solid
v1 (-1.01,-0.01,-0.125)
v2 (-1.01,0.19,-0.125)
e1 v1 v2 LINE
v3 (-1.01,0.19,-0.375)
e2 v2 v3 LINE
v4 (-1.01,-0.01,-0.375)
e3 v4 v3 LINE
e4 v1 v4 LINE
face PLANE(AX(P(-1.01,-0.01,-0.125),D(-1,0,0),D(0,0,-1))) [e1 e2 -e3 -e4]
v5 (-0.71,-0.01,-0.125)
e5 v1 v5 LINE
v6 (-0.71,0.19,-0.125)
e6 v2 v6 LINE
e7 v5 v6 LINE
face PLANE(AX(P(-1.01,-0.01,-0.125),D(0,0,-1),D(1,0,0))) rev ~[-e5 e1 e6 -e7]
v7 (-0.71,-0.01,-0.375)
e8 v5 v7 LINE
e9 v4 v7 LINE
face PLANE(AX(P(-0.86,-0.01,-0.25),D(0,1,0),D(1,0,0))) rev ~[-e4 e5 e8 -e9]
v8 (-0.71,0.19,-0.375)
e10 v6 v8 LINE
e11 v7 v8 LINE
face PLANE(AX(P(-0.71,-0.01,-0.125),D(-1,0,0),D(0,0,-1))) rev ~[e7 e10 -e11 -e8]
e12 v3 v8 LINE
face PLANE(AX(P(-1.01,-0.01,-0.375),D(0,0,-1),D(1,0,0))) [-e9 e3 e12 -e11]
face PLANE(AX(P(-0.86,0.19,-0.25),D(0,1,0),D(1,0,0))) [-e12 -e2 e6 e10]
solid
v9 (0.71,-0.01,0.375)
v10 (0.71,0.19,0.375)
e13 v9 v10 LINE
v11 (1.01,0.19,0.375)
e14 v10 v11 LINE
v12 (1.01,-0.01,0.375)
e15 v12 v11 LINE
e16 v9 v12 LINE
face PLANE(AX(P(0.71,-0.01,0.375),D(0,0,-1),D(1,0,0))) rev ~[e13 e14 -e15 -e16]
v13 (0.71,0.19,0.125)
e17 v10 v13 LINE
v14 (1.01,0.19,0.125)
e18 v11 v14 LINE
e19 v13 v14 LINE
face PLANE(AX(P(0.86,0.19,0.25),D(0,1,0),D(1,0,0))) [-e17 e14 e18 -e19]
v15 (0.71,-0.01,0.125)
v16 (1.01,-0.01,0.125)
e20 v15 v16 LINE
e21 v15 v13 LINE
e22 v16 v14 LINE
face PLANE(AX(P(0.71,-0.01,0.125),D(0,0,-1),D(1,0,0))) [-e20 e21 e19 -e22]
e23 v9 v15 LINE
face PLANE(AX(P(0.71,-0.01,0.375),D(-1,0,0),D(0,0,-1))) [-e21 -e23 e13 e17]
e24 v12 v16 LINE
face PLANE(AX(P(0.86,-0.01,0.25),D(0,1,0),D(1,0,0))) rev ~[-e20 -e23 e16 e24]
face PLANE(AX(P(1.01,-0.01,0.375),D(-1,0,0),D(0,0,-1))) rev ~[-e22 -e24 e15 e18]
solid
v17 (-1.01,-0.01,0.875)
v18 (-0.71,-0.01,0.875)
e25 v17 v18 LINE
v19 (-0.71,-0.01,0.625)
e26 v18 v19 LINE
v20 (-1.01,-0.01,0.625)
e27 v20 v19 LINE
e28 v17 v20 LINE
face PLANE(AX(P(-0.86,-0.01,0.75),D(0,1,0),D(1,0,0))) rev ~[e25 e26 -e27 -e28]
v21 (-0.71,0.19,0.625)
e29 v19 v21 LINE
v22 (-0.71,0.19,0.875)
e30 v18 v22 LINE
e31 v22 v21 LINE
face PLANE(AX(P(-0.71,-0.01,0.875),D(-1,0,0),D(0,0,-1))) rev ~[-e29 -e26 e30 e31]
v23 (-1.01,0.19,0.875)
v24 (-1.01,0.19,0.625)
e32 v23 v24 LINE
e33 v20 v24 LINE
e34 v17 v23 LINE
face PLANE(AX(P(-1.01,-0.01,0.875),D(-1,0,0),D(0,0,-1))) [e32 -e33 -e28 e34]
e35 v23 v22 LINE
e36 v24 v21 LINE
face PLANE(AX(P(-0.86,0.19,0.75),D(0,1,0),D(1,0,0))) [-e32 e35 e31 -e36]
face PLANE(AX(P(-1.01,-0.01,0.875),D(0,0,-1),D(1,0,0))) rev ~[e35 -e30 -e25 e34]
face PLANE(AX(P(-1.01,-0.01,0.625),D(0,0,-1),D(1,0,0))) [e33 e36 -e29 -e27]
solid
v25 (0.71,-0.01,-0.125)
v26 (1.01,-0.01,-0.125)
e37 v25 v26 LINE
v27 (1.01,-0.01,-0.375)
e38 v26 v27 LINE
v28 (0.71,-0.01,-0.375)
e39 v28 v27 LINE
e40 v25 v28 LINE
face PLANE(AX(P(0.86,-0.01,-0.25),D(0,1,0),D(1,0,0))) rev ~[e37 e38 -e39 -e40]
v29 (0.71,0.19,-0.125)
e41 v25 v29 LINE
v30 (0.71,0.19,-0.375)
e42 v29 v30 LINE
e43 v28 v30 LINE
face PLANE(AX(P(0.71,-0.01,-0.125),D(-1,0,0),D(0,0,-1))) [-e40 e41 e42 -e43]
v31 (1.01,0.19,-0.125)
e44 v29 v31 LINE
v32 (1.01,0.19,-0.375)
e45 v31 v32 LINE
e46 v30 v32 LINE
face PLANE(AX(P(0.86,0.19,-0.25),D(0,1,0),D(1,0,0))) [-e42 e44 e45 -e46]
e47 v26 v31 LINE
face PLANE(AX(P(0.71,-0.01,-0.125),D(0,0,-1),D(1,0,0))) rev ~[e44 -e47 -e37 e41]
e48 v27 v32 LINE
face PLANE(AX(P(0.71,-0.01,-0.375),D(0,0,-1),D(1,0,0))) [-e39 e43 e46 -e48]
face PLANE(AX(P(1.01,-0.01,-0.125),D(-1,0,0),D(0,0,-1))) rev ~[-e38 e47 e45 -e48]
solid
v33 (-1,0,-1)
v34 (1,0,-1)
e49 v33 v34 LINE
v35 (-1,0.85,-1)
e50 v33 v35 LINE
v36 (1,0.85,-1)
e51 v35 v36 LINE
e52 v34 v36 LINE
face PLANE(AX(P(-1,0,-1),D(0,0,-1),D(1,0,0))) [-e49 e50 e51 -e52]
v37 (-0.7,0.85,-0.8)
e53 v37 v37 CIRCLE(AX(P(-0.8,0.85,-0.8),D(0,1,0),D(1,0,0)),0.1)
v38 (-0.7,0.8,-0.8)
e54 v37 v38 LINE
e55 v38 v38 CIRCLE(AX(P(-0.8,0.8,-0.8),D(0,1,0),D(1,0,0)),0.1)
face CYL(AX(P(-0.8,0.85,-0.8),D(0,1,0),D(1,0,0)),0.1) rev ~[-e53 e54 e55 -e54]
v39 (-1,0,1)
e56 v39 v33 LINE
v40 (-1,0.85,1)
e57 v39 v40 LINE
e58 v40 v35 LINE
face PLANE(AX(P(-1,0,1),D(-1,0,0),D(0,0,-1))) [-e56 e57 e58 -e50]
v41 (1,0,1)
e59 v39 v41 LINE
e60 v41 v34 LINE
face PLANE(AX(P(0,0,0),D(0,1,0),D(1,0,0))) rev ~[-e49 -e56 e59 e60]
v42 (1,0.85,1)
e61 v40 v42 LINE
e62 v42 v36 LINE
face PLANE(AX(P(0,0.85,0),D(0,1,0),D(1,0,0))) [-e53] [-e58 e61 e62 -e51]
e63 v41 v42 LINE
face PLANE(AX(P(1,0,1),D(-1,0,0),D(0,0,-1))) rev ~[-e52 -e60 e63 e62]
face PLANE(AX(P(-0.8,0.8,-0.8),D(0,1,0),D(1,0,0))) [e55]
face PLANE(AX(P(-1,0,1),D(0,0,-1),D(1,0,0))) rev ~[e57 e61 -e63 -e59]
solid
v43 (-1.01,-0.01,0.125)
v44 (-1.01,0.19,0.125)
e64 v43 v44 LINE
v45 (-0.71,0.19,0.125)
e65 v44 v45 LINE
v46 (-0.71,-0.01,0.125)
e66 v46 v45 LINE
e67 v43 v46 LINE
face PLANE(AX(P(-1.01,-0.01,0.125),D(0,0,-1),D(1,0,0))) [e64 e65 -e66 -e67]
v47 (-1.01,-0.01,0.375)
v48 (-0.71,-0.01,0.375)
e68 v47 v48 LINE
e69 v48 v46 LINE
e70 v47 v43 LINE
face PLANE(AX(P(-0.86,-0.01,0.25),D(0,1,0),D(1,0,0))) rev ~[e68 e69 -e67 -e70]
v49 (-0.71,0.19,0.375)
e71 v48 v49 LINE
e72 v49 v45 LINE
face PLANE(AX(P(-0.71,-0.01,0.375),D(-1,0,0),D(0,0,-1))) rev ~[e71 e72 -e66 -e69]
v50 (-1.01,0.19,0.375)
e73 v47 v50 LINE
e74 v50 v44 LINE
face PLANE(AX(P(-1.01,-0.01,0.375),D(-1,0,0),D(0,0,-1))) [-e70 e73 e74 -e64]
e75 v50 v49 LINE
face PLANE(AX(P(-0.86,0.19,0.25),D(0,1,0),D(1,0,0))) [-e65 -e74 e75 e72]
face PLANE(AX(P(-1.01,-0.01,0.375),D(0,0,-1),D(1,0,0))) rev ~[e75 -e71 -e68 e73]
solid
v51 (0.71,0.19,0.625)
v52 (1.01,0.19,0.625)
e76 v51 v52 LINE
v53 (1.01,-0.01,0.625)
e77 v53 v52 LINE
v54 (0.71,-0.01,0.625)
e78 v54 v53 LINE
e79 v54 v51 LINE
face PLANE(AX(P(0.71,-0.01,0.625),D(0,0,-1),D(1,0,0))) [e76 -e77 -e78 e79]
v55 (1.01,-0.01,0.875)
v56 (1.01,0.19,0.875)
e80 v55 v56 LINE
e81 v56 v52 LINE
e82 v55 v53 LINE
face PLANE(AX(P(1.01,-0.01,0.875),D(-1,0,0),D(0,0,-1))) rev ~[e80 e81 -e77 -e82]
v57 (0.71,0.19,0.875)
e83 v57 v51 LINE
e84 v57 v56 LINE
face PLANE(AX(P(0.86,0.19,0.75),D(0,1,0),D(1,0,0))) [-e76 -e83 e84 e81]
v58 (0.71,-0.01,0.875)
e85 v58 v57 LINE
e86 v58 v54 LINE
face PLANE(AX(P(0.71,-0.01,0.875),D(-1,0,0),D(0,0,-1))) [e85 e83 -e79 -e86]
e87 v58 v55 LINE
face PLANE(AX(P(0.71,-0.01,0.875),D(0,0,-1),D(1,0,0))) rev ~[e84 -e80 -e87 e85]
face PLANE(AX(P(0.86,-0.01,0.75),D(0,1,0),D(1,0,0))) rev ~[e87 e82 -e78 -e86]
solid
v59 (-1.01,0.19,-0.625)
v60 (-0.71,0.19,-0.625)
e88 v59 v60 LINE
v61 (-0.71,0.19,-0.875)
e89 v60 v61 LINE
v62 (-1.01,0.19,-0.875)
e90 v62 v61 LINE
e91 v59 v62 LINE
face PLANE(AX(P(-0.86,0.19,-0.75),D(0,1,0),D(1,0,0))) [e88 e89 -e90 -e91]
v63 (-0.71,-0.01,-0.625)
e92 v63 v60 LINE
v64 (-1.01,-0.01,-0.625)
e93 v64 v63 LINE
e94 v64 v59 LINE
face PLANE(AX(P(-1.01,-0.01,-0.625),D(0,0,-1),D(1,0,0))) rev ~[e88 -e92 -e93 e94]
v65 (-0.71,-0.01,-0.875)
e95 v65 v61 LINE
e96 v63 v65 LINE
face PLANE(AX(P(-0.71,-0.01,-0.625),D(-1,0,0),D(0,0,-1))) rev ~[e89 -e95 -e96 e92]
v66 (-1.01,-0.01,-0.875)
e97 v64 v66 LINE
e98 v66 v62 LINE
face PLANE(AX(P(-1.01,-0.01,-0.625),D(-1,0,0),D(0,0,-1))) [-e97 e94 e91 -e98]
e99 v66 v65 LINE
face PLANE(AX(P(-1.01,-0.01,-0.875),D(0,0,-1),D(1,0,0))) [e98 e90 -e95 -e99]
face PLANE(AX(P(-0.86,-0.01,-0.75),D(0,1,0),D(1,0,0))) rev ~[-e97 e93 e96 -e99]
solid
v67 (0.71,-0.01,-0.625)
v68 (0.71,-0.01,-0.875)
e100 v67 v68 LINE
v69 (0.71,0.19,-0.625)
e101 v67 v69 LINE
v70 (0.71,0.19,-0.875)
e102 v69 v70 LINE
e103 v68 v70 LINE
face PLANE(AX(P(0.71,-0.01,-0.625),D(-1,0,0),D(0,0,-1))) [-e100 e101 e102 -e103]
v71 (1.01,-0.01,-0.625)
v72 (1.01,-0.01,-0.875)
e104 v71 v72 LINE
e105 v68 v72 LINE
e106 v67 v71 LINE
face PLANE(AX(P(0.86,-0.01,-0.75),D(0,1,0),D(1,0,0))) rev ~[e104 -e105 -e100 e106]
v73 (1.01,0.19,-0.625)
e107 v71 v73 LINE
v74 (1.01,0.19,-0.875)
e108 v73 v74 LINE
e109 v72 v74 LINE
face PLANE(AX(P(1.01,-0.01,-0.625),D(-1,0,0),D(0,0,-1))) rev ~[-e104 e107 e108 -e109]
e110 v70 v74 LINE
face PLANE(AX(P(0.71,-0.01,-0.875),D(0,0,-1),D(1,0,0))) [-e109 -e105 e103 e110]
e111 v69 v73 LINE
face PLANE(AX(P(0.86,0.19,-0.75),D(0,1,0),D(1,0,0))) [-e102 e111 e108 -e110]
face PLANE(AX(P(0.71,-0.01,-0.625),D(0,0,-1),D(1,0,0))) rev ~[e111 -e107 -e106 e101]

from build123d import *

# Parameters (mm, degrees)
SKETCH1_W             = 2
SKETCH1_H             = 2
BOSS_EXTRUDE1_DEPTH   = 0.85
BOSS_EXTRUDE2_START   = -0.01
SKETCH2_W             = 0.3
SKETCH2_H             = 0.25
BOSS_EXTRUDE2_DEPTH   = 0.2
BOSS_EXTRUDE2_2_DEPTH = 0.2
BOSS_EXTRUDE2_3_DEPTH = 0.2
BOSS_EXTRUDE2_4_DEPTH = 0.2
BOSS_EXTRUDE2_5_DEPTH = 0.2
BOSS_EXTRUDE2_6_DEPTH = 0.2
BOSS_EXTRUDE2_7_DEPTH = 0.2
BOSS_EXTRUDE2_8_DEPTH = 0.2
SKETCH3_R             = 0.1
CUT_EXTRUDE1_DEPTH    = 0.05


with BuildPart() as part:
    # Sketch1 → Boss-Extrude1 (new body)
    with BuildSketch(Plane(origin=(0, 0, 0), x_dir=(1, 0, 0), z_dir=(0, 1, 0))):
        Rectangle(SKETCH1_W, SKETCH1_H)
    extrude(amount=BOSS_EXTRUDE1_DEPTH)

    # Sketch3 → Cut-Extrude1 (cut)
    with BuildSketch(Plane(origin=(0, 0.85, 0), x_dir=(1, 0, 0), z_dir=(0, 1, 0))):
        with Locations((-0.8, 0.8)):
            Circle(SKETCH3_R)
    extrude(amount=-CUT_EXTRUDE1_DEPTH, mode=Mode.SUBTRACT)


with BuildPart() as body_2:
    # Sketch2 → Boss-Extrude2 (new body)
    with BuildSketch(Plane(origin=(0, 0, 0), x_dir=(1, 0, 0), z_dir=(0, 1, 0)).offset(BOSS_EXTRUDE2_START)):
        with Locations((-0.86, 0.25)):
            Rectangle(SKETCH2_W, SKETCH2_H)
    extrude(amount=BOSS_EXTRUDE2_DEPTH)


with BuildPart() as body_3:
    # Sketch2 → Boss-Extrude2 2 (new body)
    with BuildSketch(Plane(origin=(0, 0, 0), x_dir=(1, 0, 0), z_dir=(0, 1, 0)).offset(BOSS_EXTRUDE2_START)):
        with Locations((-0.86, 0.75)):
            Rectangle(SKETCH2_W, SKETCH2_H)
    extrude(amount=BOSS_EXTRUDE2_2_DEPTH)


with BuildPart() as body_4:
    # Sketch2 → Boss-Extrude2 3 (new body)
    with BuildSketch(Plane(origin=(0, 0, 0), x_dir=(1, 0, 0), z_dir=(0, 1, 0)).offset(BOSS_EXTRUDE2_START)):
        with Locations((-0.86, -0.25)):
            Rectangle(SKETCH2_W, SKETCH2_H)
    extrude(amount=BOSS_EXTRUDE2_3_DEPTH)


with BuildPart() as body_5:
    # Sketch2 → Boss-Extrude2 4 (new body)
    with BuildSketch(Plane(origin=(0, 0, 0), x_dir=(1, 0, 0), z_dir=(0, 1, 0)).offset(BOSS_EXTRUDE2_START)):
        with Locations((-0.86, -0.75)):
            Rectangle(SKETCH2_W, SKETCH2_H)
    extrude(amount=BOSS_EXTRUDE2_4_DEPTH)


with BuildPart() as body_6:
    # Sketch2 → Boss-Extrude2 5 (new body)
    with BuildSketch(Plane(origin=(0, 0, 0), x_dir=(1, 0, 0), z_dir=(0, 1, 0)).offset(BOSS_EXTRUDE2_START)):
        with Locations((0.86, -0.75)):
            Rectangle(SKETCH2_W, SKETCH2_H)
    extrude(amount=BOSS_EXTRUDE2_5_DEPTH)


with BuildPart() as body_7:
    # Sketch2 → Boss-Extrude2 6 (new body)
    with BuildSketch(Plane(origin=(0, 0, 0), x_dir=(1, 0, 0), z_dir=(0, 1, 0)).offset(BOSS_EXTRUDE2_START)):
        with Locations((0.86, -0.25)):
            Rectangle(SKETCH2_W, SKETCH2_H)
    extrude(amount=BOSS_EXTRUDE2_6_DEPTH)


with BuildPart() as body_8:
    # Sketch2 → Boss-Extrude2 7 (new body)
    with BuildSketch(Plane(origin=(0, 0, 0), x_dir=(1, 0, 0), z_dir=(0, 1, 0)).offset(BOSS_EXTRUDE2_START)):
        with Locations((0.86, 0.75)):
            Rectangle(SKETCH2_W, SKETCH2_H)
    extrude(amount=BOSS_EXTRUDE2_7_DEPTH)


with BuildPart() as body_9:
    # Sketch2 → Boss-Extrude2 8 (new body)
    with BuildSketch(Plane(origin=(0, 0, 0), x_dir=(1, 0, 0), z_dir=(0, 1, 0)).offset(BOSS_EXTRUDE2_START)):
        with Locations((0.86, 0.25)):
            Rectangle(SKETCH2_W, SKETCH2_H)
    extrude(amount=BOSS_EXTRUDE2_8_DEPTH)


solid = Compound([part.part, body_2.part, body_3.part, body_4.part, body_5.part, body_6.part, body_7.part, body_8.part, body_9.part])
